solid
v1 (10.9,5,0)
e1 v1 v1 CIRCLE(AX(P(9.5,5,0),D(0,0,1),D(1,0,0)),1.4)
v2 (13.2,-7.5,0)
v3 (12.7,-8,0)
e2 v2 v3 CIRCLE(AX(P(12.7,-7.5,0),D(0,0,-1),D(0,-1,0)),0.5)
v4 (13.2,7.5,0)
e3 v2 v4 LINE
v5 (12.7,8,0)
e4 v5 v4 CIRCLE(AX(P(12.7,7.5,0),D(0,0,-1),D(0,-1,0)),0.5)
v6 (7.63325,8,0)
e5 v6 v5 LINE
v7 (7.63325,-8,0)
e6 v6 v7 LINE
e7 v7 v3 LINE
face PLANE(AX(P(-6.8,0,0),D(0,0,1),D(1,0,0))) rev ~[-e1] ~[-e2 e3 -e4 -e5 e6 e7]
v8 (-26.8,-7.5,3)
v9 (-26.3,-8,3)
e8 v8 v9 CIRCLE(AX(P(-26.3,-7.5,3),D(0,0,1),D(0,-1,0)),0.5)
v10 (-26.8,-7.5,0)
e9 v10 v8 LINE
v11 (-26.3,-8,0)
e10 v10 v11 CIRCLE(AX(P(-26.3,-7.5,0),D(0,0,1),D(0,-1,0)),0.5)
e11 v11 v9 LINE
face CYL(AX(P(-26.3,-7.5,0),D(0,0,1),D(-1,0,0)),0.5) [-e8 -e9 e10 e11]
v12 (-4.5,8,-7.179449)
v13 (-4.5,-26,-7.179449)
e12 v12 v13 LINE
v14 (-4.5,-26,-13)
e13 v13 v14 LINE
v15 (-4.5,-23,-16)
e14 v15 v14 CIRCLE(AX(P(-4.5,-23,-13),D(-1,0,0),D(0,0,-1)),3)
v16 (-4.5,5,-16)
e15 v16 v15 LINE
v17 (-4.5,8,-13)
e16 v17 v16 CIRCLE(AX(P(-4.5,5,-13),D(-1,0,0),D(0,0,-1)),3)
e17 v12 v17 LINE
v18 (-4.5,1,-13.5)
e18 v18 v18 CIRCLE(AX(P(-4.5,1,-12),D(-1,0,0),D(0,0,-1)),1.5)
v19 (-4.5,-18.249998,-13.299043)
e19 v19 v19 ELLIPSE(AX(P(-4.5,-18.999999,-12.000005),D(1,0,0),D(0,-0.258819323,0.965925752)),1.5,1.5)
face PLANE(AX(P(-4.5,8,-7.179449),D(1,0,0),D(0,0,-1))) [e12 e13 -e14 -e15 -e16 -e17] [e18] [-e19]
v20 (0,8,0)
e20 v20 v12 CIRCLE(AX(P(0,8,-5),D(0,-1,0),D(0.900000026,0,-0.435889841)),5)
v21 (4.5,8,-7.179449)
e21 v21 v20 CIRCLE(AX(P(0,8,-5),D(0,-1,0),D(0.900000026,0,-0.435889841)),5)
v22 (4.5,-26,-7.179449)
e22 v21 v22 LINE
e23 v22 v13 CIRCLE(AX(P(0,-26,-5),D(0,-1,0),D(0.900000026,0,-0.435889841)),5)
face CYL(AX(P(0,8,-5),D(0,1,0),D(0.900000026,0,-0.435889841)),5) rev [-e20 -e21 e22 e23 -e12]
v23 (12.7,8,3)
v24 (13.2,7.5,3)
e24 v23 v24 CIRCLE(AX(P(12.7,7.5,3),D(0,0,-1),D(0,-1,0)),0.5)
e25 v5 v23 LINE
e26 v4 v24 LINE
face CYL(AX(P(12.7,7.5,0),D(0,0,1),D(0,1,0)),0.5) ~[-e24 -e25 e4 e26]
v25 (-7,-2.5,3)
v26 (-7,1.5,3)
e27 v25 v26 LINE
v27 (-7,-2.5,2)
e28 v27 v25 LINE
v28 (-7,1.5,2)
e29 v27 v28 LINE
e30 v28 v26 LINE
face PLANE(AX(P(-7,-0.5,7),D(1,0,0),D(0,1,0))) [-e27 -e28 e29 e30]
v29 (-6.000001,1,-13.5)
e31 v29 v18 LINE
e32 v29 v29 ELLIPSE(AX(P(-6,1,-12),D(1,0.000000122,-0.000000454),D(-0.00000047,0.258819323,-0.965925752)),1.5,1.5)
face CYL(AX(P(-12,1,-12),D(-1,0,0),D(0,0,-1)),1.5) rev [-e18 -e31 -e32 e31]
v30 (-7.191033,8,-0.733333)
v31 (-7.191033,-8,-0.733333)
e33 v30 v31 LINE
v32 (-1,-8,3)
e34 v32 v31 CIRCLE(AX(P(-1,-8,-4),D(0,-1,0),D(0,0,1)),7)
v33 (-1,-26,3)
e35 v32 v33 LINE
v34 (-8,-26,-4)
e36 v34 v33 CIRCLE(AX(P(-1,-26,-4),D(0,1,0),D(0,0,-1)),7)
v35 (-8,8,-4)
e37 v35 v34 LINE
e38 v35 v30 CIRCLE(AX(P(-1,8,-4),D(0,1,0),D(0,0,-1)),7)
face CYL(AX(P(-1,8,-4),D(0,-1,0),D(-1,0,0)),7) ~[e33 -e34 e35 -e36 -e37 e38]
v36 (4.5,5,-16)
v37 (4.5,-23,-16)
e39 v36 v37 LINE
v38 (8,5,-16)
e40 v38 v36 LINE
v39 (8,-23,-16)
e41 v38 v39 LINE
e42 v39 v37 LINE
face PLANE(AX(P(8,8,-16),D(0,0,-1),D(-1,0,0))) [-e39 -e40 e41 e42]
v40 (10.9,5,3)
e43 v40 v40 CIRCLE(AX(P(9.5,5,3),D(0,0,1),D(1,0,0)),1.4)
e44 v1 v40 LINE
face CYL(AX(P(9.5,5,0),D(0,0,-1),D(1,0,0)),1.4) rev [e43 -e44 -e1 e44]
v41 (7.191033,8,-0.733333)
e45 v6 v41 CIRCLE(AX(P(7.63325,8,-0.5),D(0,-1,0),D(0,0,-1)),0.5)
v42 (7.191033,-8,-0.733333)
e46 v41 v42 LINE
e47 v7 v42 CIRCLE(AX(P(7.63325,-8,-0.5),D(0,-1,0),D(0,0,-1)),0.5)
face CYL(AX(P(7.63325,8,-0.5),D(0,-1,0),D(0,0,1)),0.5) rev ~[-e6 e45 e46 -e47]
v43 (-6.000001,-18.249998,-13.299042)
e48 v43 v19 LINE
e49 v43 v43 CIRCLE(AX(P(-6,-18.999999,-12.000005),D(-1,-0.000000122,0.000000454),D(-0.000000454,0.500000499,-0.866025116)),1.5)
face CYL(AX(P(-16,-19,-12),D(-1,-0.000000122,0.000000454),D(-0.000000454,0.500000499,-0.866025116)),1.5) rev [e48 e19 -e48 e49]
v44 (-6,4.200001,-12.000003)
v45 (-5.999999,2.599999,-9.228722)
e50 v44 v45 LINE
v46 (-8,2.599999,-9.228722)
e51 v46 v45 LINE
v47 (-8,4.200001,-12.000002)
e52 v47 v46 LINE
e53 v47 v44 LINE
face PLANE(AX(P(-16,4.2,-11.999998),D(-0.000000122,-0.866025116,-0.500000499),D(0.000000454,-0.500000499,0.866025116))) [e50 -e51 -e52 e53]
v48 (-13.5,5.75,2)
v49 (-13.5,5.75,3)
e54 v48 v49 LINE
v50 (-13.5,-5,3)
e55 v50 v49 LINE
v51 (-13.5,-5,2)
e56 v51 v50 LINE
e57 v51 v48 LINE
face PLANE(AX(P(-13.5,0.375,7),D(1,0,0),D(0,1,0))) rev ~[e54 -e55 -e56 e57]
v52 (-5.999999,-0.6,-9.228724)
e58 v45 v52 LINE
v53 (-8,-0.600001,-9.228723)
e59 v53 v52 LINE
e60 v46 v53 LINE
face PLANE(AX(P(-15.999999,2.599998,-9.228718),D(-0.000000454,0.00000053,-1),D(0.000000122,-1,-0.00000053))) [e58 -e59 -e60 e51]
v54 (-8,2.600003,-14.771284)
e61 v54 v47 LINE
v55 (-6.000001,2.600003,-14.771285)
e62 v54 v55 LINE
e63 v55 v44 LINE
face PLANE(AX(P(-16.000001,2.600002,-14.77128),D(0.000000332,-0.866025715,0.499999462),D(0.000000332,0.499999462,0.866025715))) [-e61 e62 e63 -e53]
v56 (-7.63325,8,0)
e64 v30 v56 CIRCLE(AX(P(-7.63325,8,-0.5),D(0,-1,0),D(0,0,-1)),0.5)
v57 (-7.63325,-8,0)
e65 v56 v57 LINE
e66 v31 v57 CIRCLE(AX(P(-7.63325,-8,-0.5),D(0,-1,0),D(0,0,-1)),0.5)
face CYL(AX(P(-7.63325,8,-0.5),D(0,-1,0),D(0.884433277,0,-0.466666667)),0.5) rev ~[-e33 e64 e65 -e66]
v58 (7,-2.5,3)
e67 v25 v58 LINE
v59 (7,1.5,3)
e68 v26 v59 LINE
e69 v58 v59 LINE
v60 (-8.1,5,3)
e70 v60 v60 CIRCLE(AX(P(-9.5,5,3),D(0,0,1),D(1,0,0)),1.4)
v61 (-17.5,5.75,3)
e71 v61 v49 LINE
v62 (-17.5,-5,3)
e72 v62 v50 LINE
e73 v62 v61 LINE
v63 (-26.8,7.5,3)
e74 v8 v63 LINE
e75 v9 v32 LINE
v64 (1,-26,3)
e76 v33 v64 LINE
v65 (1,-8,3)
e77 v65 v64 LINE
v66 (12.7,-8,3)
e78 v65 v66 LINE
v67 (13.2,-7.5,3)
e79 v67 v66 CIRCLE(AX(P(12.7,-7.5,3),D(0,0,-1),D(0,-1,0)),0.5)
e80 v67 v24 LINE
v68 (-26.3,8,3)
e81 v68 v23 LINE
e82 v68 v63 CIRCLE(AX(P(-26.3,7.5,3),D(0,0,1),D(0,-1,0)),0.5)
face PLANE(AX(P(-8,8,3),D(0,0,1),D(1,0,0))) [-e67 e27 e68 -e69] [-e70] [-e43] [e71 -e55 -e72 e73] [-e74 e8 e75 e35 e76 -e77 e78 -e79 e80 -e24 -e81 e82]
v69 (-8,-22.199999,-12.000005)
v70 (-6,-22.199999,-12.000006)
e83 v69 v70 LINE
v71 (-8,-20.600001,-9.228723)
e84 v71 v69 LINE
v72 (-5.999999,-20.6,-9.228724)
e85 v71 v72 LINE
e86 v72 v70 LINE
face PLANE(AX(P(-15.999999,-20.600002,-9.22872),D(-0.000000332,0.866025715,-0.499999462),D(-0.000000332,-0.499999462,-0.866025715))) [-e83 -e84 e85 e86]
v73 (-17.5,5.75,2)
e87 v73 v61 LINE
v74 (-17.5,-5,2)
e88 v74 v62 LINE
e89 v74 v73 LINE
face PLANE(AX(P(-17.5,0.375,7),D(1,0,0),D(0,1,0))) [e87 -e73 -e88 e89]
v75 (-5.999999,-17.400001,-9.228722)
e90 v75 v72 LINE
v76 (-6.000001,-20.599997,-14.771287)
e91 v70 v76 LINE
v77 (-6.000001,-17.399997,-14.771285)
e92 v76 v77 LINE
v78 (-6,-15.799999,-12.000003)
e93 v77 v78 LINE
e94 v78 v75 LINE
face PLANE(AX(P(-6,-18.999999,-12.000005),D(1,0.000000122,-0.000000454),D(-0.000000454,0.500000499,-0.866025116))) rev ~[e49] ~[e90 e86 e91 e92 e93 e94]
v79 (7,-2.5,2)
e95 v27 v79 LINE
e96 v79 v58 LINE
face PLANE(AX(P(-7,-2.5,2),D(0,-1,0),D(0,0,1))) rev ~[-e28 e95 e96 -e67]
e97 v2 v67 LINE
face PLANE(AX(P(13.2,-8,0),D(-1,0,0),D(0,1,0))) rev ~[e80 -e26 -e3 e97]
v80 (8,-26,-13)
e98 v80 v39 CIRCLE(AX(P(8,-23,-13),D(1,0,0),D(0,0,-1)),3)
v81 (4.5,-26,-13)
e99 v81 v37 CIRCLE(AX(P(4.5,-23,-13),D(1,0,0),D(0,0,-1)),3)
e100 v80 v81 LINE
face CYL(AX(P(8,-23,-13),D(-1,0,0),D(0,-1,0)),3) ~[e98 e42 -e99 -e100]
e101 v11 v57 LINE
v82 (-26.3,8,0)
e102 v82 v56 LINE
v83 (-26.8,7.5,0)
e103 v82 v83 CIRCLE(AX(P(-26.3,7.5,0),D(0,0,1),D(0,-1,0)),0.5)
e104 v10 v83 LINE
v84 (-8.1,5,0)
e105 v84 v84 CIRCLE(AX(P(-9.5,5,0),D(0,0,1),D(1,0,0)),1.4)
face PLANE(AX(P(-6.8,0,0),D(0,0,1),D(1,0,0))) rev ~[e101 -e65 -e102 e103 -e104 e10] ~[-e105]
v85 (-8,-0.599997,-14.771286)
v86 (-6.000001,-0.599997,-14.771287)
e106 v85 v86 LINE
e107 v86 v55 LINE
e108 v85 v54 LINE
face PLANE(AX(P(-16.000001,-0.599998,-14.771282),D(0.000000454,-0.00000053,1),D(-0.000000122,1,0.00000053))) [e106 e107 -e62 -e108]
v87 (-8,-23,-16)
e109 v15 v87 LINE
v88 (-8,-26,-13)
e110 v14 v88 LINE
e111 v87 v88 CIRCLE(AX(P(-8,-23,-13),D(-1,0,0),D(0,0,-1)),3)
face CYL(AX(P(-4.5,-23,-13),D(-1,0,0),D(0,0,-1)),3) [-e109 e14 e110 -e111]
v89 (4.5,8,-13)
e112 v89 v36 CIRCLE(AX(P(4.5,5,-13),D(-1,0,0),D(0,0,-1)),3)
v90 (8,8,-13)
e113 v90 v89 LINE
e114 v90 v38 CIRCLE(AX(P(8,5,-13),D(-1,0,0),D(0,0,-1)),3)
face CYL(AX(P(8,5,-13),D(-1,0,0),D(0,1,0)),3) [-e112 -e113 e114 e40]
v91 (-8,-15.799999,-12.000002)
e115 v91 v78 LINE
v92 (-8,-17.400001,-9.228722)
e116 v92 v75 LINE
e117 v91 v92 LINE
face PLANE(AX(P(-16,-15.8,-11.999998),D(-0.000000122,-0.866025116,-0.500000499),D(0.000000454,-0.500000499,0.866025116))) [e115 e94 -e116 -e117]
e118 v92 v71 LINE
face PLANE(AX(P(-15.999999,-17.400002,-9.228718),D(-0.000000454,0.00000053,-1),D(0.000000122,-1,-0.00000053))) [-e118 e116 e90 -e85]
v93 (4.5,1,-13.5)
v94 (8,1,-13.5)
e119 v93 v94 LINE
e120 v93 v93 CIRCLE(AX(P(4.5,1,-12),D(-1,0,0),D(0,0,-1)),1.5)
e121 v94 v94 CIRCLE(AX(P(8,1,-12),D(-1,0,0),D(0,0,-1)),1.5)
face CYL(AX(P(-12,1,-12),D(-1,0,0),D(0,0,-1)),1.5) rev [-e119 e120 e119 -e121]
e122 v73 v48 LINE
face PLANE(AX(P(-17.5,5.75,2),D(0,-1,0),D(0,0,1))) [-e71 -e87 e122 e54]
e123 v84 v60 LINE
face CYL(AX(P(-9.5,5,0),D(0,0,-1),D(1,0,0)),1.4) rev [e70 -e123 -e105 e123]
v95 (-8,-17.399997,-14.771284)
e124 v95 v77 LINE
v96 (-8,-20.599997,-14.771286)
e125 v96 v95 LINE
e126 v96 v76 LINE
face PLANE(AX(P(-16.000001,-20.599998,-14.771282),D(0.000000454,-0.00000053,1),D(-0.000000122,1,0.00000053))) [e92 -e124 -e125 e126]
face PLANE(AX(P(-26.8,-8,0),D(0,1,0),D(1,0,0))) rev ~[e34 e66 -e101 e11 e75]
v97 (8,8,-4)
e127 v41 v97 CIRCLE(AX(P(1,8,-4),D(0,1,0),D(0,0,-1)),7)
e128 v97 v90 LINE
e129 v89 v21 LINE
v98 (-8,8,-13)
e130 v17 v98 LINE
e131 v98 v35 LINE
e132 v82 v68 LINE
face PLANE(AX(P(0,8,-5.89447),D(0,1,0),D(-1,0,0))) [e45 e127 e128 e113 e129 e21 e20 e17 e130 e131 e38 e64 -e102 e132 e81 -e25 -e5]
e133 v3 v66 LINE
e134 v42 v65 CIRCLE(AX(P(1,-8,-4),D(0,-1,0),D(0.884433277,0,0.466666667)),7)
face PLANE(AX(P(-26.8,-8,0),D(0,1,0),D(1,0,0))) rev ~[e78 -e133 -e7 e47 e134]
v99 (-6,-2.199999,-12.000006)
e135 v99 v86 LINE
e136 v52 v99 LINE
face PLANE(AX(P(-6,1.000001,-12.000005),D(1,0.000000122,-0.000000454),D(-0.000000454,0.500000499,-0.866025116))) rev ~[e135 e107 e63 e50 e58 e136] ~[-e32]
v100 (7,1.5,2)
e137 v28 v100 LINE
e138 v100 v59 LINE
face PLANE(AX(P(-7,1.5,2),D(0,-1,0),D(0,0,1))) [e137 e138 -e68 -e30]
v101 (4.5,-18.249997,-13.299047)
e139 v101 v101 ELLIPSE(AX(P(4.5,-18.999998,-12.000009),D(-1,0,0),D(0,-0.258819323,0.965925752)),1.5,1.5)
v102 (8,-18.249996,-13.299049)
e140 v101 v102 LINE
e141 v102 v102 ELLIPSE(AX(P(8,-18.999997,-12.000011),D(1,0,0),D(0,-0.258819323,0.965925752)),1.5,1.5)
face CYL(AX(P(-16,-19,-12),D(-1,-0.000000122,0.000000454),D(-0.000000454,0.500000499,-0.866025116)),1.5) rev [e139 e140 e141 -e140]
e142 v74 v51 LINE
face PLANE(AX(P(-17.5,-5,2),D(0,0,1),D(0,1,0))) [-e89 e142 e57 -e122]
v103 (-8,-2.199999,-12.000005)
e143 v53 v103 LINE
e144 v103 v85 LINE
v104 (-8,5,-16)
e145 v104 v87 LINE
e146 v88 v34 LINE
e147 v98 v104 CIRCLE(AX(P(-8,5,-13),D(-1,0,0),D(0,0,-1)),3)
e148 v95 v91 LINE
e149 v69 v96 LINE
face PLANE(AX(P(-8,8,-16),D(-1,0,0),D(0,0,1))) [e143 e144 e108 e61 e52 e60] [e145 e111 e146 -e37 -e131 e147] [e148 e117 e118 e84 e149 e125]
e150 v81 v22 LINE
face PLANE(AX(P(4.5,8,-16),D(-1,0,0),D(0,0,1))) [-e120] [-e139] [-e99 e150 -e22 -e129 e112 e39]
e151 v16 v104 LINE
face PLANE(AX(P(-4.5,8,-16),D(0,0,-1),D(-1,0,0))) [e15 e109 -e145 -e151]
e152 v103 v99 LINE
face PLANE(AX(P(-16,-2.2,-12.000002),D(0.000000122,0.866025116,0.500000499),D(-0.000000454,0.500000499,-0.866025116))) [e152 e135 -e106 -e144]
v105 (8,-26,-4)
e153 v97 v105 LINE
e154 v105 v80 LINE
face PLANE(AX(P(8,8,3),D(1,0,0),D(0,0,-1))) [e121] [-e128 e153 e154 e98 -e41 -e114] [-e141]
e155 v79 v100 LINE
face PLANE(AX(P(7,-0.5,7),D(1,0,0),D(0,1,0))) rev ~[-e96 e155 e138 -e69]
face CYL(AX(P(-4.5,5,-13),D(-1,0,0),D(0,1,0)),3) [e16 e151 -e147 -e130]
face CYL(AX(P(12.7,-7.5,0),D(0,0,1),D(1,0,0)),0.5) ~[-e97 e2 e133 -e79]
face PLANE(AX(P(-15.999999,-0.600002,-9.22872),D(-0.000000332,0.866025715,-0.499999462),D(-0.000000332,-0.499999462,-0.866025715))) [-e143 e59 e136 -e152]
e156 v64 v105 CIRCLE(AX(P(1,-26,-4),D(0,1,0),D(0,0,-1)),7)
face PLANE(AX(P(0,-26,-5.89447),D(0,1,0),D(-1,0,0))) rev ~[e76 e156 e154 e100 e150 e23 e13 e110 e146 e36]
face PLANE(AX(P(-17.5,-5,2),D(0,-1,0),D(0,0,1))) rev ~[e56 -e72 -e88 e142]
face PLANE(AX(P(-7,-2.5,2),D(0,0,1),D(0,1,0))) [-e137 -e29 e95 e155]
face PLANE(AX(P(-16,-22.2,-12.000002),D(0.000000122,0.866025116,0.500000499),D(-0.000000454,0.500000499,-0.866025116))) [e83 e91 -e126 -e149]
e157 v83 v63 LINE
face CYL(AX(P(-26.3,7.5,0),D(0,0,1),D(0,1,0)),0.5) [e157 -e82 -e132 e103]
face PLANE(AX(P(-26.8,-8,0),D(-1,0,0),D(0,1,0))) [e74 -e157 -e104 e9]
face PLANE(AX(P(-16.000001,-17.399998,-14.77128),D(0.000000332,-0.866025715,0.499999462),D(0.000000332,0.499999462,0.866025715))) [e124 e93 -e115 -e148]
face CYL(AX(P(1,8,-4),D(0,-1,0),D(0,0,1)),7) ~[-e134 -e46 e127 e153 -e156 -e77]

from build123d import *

# Parameters (mm, degrees)
BOX039_W                    = 10.75
BOX039_H                    = 10
BOX039_DEPTH                = 4
BOX038_W                    = 4
BOX038_H                    = 10
BOX038_DEPTH                = 14
FUSION038_ROLL_ANGLE        = 90
FUSION038_PLACEMENT_ANGLE   = 90
PRISM001_DEPTH              = 10
PRISM001_ROLL_ANGLE         = 90.000052
PRISM001_PITCH_ANGLE        = 59.999967
PRISM001_PLACEMENT_ANGLE    = 90.000052
CYLINDER040_R               = 1.5
CYLINDER040_DEPTH           = 28
CYLINDER040_ROLL_ANGLE      = 90.000052
CYLINDER040_PITCH_ANGLE     = 59.999967
CYLINDER040_PLACEMENT_ANGLE = 90.000052
CYLINDER039_R               = 1.5
CYLINDER039_DEPTH           = 28
CYLINDER039_PITCH_ANGLE     = 90
PRISM002_DEPTH              = 10
PRISM002_ROLL_ANGLE         = 90.000052
PRISM002_PITCH_ANGLE        = 59.999967
PRISM002_PLACEMENT_ANGLE    = 90.000052
PAD019_DEPTH                = 34
FILLET031_R                 = 7
FILLET032_R                 = 3
SKETCH021_W                 = 40
SKETCH021_H                 = 16
SKETCH021_R                 = 1.4
PAD018_DEPTH                = 3
FILLET033_R                 = 0.5


with BuildPart() as cube039:
    # Box039 → Box039 (new body)
    with BuildSketch(Plane(origin=(-5, -3, -10.5), x_dir=(1, 0, 0), z_dir=(0, 0, 1))):
        with Locations((5.375, 5)):
            Rectangle(BOX039_W, BOX039_H)
    extrude(amount=BOX039_DEPTH)


with BuildPart() as fusion038:
    # Box038 → Box038 (new body)
    with BuildSketch(Plane(origin=(-2.5, -3, 0), x_dir=(1, 0, 0), z_dir=(0, 0, 1))):
        with Locations((2, 5)):
            Rectangle(BOX038_W, BOX038_H)
    extrude(amount=BOX038_DEPTH)

    # Fusion038: union Cube039
    add(cube039.part)


with BuildPart() as fusion038_1:
    # Fusion038 roll: moved
    add(fusion038.part.rotate(Axis((0, 0, 0), (1, 0, 0)), FUSION038_ROLL_ANGLE))


with BuildPart() as fusion038_2:
    # Fusion038 placement: moved
    add(fusion038_1.part.moved(Location((-7, 0, 5))).rotate(Axis((-7, 0, 5), (0, 0, 1)), FUSION038_PLACEMENT_ANGLE))


with BuildPart() as prism001:
    # Prism001 → Prism001 (new body)
    with BuildSketch(Plane.XY):
        Polygon((3.2, 0), (1.6, 2.771281), (-1.6, 2.771281), (-3.2, 0), (-1.6, -2.771281), (1.6, -2.771281), align=None)
    extrude(amount=PRISM001_DEPTH)


with BuildPart() as prism001_1:
    # Prism001 roll: moved
    add(prism001.part.rotate(Axis((0, 0, 0), (1, 0, 0)), PRISM001_ROLL_ANGLE))


with BuildPart() as prism001_2:
    # Prism001 pitch: moved
    add(prism001_1.part.rotate(Axis((0, 0, 0), (0, 1, 0)), PRISM001_PITCH_ANGLE))


with BuildPart() as prism001_3:
    # Prism001 placement: moved
    add(prism001_2.part.moved(Location((-16, -19, -12))).rotate(Axis((-16, -19, -12), (0, 0, 1)), PRISM001_PLACEMENT_ANGLE))


with BuildPart() as cylinder040:
    # Cylinder040 → Cylinder040 (new body)
    with BuildSketch(Plane.XY):
        Circle(CYLINDER040_R)
    extrude(amount=CYLINDER040_DEPTH)


with BuildPart() as cylinder040_1:
    # Cylinder040 roll: moved
    add(cylinder040.part.rotate(Axis((0, 0, 0), (1, 0, 0)), CYLINDER040_ROLL_ANGLE))


with BuildPart() as cylinder040_2:
    # Cylinder040 pitch: moved
    add(cylinder040_1.part.rotate(Axis((0, 0, 0), (0, 1, 0)), CYLINDER040_PITCH_ANGLE))


with BuildPart() as cylinder040_3:
    # Cylinder040 placement: moved
    add(cylinder040_2.part.moved(Location((-16, -19, -12))).rotate(Axis((-16, -19, -12), (0, 0, 1)), CYLINDER040_PLACEMENT_ANGLE))


with BuildPart() as cylinder039:
    # Cylinder039 → Cylinder039 (new body)
    with BuildSketch(Plane.XY):
        Circle(CYLINDER039_R)
    extrude(amount=CYLINDER039_DEPTH)


with BuildPart() as cylinder039_1:
    # Cylinder039 pitch: moved
    add(cylinder039.part.rotate(Axis((0, 0, 0), (0, 1, 0)), CYLINDER039_PITCH_ANGLE))


with BuildPart() as cylinder039_2:
    # Cylinder039 placement: moved
    add(cylinder039_1.part.moved(Location((-12, 1, -12))))


with BuildPart() as fusion037:
    # Prism002 → Prism002 (new body)
    with BuildSketch(Plane.XY):
        Polygon((3.2, 0), (1.6, 2.771281), (-1.6, 2.771281), (-3.2, 0), (-1.6, -2.771281), (1.6, -2.771281), align=None)
    extrude(amount=PRISM002_DEPTH)


with BuildPart() as fusion037_1:
    # Prism002 roll: moved
    add(fusion037.part.rotate(Axis((0, 0, 0), (1, 0, 0)), PRISM002_ROLL_ANGLE))


with BuildPart() as fusion037_2:
    # Prism002 pitch: moved
    add(fusion037_1.part.rotate(Axis((0, 0, 0), (0, 1, 0)), PRISM002_PITCH_ANGLE))


with BuildPart() as fusion037_3:
    # Prism002 placement: moved
    add(fusion037_2.part.moved(Location((-16, 1, -12))).rotate(Axis((-16, 1, -12), (0, 0, 1)), PRISM002_PLACEMENT_ANGLE))

    # Fusion037: union Prism001, Cylinder040, Cylinder039
    add(prism001_3.part)
    add(cylinder040_3.part)
    add(cylinder039_2.part)


with BuildPart() as fillet032:
    # Sketch022 → Pad019 (new body)
    with BuildSketch(Plane.XZ.offset(-8)):
        with BuildLine():
            Line((-8, -16), (-8, 3))
            Line((-8, 3), (8, 3))
            Line((8, 3), (8, -16))
            Line((8, -16), (4.5, -16))
            Line((4.5, -16), (4.5, -7.179449))
            ThreePointArc((4.5, -7.179449), (0, 0), (-4.5, -7.179449))
            Line((-4.5, -7.179449), (-4.5, -16))
            Line((-4.5, -16), (-8, -16))
        make_face()
    extrude(amount=PAD019_DEPTH)

    # Fillet031
    fillet031_edges = [fillet032.edges().sort_by_distance(p)[0] for p in [
        (-8, -9, 3),
        (8, -9, 3),
    ]]
    fillet(fillet031_edges, radius=FILLET031_R)

    # Fillet032
    fillet032_edges = [fillet032.edges().sort_by_distance(p)[0] for p in [
        (-6.25, 8, -16),
        (6.25, 8, -16),
        (-6.25, -26, -16),
        (6.25, -26, -16),
    ]]
    fillet(fillet032_edges, radius=FILLET032_R)


with BuildPart() as cut042:
    # Sketch021 → Pad018 (new body)
    with BuildSketch(Plane.XY):
        with Locations((-6.8, 0)):
            Rectangle(SKETCH021_W, SKETCH021_H)
        with Locations((-9.5, 5)):
            Circle(SKETCH021_R, mode=Mode.SUBTRACT)
        with Locations((9.5, 5)):
            Circle(SKETCH021_R, mode=Mode.SUBTRACT)
    extrude(amount=PAD018_DEPTH)

    # Fusion036: union Fillet032
    add(fillet032.part)

    # Cut041: cut Fusion037
    add(fusion037_3.part, mode=Mode.SUBTRACT)

    # Fillet033
    fillet033_edges = [cut042.edges().sort_by_distance(p)[0] for p in [
        (-26.8, -8, 1.5),
        (-26.8, 8, 1.5),
        (13.2, 8, 1.5),
        (-6.744563, 0, 0),
        (13.2, -8, 1.5),
        (6.744563, 0, 0),
    ]]
    fillet(fillet033_edges, radius=FILLET033_R)

    # Cut042: cut Fusion038
    add(fusion038_2.part, mode=Mode.SUBTRACT)


solid = cut042.part
